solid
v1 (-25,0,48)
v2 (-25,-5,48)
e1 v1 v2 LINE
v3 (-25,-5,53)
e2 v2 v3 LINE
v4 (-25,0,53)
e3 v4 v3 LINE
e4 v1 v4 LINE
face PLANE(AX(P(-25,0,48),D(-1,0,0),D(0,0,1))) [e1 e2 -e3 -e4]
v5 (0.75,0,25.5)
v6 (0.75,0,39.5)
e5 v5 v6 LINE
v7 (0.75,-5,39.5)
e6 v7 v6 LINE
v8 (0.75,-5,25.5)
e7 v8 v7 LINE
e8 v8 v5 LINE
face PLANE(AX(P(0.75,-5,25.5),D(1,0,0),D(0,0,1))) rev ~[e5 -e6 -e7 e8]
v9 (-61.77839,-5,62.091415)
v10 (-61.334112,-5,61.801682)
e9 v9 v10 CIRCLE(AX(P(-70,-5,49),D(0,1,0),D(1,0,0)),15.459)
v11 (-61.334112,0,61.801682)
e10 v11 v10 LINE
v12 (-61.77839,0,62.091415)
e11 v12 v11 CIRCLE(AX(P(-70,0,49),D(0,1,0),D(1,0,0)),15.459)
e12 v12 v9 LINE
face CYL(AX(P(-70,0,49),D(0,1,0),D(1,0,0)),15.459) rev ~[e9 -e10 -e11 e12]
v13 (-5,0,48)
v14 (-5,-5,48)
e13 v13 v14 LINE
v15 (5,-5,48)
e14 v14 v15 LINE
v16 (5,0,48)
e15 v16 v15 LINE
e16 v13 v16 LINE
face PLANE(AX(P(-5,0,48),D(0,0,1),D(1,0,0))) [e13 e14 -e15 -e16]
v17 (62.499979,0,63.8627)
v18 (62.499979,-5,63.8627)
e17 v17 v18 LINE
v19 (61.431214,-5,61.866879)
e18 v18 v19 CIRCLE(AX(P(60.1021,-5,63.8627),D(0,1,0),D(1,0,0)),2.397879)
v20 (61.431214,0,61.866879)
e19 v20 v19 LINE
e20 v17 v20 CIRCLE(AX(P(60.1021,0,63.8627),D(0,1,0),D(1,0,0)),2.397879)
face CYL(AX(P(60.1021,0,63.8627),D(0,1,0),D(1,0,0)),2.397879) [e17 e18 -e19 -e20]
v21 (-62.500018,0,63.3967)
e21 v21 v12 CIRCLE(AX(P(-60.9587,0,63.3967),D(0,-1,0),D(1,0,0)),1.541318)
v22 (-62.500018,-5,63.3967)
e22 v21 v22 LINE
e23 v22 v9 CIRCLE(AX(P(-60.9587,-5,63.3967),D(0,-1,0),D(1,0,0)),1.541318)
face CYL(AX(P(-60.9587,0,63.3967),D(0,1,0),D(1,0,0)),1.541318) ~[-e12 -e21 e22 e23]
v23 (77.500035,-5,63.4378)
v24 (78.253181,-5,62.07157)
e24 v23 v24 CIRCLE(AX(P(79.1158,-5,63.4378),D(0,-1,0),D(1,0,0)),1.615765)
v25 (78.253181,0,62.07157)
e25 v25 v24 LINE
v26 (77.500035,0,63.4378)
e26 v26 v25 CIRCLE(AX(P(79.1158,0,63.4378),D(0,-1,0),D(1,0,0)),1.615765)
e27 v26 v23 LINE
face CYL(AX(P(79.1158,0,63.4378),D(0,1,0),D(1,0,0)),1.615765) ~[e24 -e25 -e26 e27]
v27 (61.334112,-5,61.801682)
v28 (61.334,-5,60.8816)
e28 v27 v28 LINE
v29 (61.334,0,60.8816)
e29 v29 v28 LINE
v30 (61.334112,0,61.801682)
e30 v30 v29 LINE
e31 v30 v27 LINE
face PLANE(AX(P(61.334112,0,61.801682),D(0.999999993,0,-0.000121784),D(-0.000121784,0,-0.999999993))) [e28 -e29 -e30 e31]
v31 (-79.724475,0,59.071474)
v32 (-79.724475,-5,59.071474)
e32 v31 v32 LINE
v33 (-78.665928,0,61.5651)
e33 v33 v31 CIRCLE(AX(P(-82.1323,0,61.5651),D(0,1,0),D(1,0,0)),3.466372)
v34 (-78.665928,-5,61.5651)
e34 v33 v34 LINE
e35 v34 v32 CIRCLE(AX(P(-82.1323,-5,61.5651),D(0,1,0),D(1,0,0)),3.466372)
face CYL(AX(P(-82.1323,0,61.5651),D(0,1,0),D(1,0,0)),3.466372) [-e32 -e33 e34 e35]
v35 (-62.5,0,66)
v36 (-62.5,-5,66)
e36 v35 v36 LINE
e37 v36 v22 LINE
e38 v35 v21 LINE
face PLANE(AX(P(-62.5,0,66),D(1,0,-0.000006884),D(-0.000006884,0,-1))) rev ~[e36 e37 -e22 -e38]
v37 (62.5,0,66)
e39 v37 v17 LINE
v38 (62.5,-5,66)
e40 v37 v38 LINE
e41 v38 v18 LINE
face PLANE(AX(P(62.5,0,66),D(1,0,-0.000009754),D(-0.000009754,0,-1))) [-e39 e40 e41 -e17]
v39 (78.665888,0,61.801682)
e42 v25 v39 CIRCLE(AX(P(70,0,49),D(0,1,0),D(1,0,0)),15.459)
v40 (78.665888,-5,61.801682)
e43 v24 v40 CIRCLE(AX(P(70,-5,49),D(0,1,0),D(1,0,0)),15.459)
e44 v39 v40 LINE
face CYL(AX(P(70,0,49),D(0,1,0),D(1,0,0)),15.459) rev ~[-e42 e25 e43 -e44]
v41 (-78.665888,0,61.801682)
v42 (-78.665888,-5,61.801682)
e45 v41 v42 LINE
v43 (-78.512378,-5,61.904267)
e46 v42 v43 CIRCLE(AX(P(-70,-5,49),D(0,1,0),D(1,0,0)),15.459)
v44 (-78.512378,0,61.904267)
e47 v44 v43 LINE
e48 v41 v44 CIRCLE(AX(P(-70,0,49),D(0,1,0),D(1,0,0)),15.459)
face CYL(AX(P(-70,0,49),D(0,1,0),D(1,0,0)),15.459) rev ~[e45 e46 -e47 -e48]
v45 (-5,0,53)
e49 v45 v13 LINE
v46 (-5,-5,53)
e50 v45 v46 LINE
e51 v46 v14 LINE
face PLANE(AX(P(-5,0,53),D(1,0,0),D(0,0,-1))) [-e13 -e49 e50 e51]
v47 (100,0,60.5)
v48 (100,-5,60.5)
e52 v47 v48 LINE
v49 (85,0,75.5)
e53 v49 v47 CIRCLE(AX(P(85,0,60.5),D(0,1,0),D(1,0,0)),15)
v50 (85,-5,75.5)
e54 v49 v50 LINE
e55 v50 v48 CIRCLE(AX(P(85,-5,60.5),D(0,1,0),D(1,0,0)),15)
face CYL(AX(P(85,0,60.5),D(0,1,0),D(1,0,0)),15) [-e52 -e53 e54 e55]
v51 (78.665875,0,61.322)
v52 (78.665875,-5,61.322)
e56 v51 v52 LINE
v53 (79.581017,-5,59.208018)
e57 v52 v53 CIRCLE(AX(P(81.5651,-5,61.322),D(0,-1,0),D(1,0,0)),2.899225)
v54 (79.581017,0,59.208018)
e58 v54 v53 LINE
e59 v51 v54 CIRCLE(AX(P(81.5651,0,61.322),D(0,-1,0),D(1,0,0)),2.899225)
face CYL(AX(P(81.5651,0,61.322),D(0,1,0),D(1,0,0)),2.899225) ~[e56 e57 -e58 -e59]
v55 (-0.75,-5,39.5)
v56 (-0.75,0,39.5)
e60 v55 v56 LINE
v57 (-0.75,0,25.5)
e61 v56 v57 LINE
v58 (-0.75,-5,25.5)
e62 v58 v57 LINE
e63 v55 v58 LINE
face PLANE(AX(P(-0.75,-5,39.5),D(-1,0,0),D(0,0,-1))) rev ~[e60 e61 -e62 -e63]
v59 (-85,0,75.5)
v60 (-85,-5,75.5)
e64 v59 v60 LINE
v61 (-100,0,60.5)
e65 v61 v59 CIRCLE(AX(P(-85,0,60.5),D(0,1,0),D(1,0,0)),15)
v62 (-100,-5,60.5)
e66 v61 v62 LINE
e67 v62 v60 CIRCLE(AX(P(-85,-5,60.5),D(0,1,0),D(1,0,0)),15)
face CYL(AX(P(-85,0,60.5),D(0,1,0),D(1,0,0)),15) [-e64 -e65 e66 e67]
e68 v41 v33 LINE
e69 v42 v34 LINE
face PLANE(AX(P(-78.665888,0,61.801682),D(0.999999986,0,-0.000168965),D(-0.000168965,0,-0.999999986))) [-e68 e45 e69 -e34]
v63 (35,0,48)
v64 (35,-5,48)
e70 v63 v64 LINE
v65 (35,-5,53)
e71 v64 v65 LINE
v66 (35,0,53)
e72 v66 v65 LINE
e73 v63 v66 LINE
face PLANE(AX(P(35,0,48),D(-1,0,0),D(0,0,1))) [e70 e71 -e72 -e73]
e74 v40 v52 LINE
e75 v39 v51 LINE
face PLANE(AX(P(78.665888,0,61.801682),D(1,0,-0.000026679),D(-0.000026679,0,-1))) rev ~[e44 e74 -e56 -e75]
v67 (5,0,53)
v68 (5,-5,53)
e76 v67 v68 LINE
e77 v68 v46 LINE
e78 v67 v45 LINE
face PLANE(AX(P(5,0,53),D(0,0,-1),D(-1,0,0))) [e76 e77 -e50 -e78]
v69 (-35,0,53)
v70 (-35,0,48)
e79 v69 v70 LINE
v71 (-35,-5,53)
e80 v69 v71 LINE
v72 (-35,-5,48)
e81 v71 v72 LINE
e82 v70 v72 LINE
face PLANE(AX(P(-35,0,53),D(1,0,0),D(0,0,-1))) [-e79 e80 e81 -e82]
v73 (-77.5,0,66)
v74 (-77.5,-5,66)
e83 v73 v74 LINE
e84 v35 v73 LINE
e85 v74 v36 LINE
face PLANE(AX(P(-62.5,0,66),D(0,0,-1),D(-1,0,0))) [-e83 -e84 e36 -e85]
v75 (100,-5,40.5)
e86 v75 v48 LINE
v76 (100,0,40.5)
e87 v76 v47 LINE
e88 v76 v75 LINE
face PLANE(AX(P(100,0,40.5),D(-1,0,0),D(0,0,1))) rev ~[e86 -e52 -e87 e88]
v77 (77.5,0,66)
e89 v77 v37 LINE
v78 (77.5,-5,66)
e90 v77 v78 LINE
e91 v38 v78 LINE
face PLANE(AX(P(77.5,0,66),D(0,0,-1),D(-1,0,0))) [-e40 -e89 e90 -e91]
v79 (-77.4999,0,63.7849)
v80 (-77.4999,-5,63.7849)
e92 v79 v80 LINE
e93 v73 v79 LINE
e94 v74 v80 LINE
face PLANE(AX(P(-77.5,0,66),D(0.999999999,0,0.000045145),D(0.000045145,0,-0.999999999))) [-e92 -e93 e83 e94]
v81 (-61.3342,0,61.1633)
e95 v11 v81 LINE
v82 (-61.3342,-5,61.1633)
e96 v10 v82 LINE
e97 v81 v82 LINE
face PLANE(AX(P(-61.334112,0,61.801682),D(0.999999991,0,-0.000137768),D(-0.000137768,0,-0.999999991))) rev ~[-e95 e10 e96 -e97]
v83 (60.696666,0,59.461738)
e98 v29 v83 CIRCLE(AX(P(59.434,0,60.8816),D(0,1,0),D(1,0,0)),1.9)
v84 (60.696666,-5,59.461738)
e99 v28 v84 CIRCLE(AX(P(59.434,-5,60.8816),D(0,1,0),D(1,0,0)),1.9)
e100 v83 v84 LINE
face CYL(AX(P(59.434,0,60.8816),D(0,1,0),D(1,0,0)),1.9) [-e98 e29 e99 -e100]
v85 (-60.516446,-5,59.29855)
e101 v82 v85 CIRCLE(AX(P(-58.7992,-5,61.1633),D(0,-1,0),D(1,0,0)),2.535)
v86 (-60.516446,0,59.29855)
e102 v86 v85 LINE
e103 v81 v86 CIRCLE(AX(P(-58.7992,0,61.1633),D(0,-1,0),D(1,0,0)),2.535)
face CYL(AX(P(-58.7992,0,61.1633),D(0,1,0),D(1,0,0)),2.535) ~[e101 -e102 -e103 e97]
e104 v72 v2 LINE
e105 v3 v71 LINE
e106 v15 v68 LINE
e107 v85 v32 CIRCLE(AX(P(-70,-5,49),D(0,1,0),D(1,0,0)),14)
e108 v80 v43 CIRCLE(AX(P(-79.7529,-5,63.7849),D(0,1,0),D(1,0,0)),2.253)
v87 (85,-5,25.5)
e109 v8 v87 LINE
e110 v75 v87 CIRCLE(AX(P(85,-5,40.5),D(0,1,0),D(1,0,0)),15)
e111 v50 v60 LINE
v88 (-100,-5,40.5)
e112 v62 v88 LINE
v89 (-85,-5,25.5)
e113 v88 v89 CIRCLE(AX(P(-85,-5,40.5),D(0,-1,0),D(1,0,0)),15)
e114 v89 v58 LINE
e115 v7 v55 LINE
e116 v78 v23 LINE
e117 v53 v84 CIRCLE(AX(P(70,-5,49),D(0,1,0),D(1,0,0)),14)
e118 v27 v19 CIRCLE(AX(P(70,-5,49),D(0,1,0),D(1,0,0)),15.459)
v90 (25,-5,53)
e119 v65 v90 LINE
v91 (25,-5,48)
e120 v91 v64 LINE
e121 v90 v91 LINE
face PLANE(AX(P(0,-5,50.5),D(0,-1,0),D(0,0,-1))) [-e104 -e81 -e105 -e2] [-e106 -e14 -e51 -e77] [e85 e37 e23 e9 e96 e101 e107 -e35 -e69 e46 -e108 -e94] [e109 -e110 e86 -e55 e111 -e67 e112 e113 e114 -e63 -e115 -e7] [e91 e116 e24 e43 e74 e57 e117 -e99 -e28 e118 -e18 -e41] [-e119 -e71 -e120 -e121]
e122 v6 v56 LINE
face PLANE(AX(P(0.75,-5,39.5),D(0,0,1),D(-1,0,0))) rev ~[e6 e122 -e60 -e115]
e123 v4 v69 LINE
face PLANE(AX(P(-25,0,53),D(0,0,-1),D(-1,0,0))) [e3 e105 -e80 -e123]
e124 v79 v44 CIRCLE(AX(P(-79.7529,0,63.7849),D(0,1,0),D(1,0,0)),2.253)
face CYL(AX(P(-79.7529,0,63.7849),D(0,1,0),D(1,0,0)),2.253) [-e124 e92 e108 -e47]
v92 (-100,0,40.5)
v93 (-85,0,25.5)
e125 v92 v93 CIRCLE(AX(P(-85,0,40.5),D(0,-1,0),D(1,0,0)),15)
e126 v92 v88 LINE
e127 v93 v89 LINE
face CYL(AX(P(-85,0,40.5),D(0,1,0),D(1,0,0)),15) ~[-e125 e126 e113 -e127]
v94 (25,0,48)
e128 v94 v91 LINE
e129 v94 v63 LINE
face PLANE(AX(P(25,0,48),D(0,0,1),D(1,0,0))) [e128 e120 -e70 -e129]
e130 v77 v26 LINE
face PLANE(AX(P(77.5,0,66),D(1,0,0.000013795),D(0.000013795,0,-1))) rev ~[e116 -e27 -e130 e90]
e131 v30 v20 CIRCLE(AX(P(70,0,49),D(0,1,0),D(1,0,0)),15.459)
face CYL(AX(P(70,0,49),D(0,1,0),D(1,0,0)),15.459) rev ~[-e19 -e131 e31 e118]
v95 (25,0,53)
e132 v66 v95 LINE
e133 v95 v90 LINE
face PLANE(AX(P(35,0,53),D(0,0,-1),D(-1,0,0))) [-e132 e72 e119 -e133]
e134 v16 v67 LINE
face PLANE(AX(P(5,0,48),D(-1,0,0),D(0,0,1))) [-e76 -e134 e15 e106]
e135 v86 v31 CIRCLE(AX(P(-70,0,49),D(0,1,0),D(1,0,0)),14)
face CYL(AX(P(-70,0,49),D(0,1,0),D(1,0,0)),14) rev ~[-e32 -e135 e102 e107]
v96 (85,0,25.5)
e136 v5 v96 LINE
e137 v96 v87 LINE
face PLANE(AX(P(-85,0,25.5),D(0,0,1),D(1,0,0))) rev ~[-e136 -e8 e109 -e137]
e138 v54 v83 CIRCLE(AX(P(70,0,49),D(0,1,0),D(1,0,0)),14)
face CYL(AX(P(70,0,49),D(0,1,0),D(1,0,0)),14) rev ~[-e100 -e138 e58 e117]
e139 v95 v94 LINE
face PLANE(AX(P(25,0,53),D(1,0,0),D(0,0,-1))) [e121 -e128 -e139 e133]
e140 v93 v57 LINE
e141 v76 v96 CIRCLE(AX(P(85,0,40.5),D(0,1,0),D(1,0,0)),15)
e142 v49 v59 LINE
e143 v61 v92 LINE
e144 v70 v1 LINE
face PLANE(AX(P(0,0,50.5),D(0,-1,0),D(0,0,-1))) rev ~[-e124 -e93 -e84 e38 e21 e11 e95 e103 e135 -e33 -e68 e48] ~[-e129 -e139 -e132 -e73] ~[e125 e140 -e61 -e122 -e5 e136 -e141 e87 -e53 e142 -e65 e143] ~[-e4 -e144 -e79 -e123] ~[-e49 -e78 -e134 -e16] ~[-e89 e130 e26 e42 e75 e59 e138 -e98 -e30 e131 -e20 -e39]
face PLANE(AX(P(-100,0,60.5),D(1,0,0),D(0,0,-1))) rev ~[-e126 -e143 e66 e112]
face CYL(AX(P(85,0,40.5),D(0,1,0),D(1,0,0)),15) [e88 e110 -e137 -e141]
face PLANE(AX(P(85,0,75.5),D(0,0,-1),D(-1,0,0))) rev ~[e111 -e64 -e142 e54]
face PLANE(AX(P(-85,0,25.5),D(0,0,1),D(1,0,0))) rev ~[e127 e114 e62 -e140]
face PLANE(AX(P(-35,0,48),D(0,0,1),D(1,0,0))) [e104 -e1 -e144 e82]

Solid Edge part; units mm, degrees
sketch "Sketch1" plane through (0, 0, 0) normal (0, -1, 0) x (1, 0, 0)
  line L0 (85, 75.5) -> (-85, 75.5)
  arc A0 (-100, 60.5) -> (-85, 75.5) centre (-85, 60.5) cw
  line L1 (-100, 60.5) -> (-100, 40.5)
  arc A1 (-100, 40.5) -> (-85, 25.5) centre (-85, 40.5) ccw
  line L2 (-85, 25.5) -> (85, 25.5)
  arc A2 (100, 40.5) -> (85, 25.5) centre (85, 40.5) cw
  line L3 (100, 40.5) -> (100, 60.5)
  arc A3 (85, 75.5) -> (100, 60.5) centre (85, 60.5) cw
  arc A4 (-62.5, 63.3967) -> (-61.7784, 62.0914) centre (-60.9587, 63.3967) ccw
  arc A5 (-61.7784, 62.0914) -> (-61.3341, 61.8017) centre (-70, 49) cw
  line L4 (-61.3341, 61.8017) -> (-61.3341, 61.1633)
  arc A6 (-61.3341, 61.1633) -> (-60.5164, 59.2986) centre (-58.7992, 61.1633) ccw
  arc A7 (-60.5164, 59.2986) -> (-79.7245, 59.0715) centre (-70, 49) cw
  arc A8 (-78.6659, 61.5651) -> (-79.7245, 59.0715) centre (-82.1323, 61.5651) cw
  line L5 (-78.6659, 61.8017) -> (-78.6659, 61.5651)
  arc A9 (-78.6659, 61.8017) -> (-78.5124, 61.9043) centre (-70, 49) cw
  arc A10 (-77.5, 63.7849) -> (-78.5124, 61.9043) centre (-79.7529, 63.7849) cw
  line L6 (-77.5, 66) -> (-77.5, 63.7849)
  line L7 (-69.9997, 66) -> (-77.5, 66)
  line L8 (-62.5, 66) -> (-69.9997, 66)
  line L9 (-62.5, 66) -> (-62.5, 63.3967)
  arc A11 (78.6659, 61.322) -> (79.581, 59.208) centre (81.5651, 61.322) ccw
  arc A12 (79.581, 59.208) -> (60.6967, 59.4617) centre (70, 49) cw
  arc A13 (61.3341, 60.8816) -> (60.6967, 59.4617) centre (59.434, 60.8816) cw
  line L10 (61.3341, 61.8017) -> (61.3341, 60.8816)
  arc A14 (61.3341, 61.8017) -> (61.4312, 61.8669) centre (70, 49) cw
  arc A15 (62.5, 63.8627) -> (61.4312, 61.8669) centre (60.1021, 63.8627) cw
  line L11 (62.5, 66) -> (62.5, 63.8627)
  line L12 (70, 66) -> (62.5, 66)
  line L13 (77.5, 66) -> (70, 66)
  line L14 (77.5, 66) -> (77.5, 63.4378)
  arc A16 (77.5, 63.4378) -> (78.2532, 62.0716) centre (79.1158, 63.4378) ccw
  arc A17 (78.2532, 62.0716) -> (78.6659, 61.8017) centre (70, 49) cw
  line L15 (78.6659, 61.8017) -> (78.6659, 61.322)
  line L16 (35, 48) -> (35, 53)
  line L17 (35, 53) -> (25, 53)
  line L18 (25, 53) -> (25, 48)
  line L19 (25, 48) -> (35, 48)
  line L20 (-5, 48) -> (5, 48)
  line L21 (5, 48) -> (5, 53)
  line L22 (5, 53) -> (-5, 53)
  line L23 (-5, 53) -> (-5, 48)
  line L24 (-25, 48) -> (-25, 53)
  line L25 (-25, 53) -> (-35, 53)
  line L26 (-35, 53) -> (-35, 48)
  line L27 (-35, 48) -> (-25, 48)
  dimension "D1" = 9.7248
extrude "Protrusion1" add sketch "Sketch1" along normal blind 5
sketch "Sketch2" plane through (0, -5, 50.5) normal (0, -1, 0) x (1, 0, 0)
  line L0 (0.75, -25) -> (0.75, -11)
  line L1 (0.75, -11) -> (-0.75, -11)
  line L2 (-0.75, -11) -> (-0.75, -25)
  line L3 (0.75, -25) -> (-0.75, -25)
extrude "Cutout1" cut sketch "Sketch2" against normal blind 19.8295
